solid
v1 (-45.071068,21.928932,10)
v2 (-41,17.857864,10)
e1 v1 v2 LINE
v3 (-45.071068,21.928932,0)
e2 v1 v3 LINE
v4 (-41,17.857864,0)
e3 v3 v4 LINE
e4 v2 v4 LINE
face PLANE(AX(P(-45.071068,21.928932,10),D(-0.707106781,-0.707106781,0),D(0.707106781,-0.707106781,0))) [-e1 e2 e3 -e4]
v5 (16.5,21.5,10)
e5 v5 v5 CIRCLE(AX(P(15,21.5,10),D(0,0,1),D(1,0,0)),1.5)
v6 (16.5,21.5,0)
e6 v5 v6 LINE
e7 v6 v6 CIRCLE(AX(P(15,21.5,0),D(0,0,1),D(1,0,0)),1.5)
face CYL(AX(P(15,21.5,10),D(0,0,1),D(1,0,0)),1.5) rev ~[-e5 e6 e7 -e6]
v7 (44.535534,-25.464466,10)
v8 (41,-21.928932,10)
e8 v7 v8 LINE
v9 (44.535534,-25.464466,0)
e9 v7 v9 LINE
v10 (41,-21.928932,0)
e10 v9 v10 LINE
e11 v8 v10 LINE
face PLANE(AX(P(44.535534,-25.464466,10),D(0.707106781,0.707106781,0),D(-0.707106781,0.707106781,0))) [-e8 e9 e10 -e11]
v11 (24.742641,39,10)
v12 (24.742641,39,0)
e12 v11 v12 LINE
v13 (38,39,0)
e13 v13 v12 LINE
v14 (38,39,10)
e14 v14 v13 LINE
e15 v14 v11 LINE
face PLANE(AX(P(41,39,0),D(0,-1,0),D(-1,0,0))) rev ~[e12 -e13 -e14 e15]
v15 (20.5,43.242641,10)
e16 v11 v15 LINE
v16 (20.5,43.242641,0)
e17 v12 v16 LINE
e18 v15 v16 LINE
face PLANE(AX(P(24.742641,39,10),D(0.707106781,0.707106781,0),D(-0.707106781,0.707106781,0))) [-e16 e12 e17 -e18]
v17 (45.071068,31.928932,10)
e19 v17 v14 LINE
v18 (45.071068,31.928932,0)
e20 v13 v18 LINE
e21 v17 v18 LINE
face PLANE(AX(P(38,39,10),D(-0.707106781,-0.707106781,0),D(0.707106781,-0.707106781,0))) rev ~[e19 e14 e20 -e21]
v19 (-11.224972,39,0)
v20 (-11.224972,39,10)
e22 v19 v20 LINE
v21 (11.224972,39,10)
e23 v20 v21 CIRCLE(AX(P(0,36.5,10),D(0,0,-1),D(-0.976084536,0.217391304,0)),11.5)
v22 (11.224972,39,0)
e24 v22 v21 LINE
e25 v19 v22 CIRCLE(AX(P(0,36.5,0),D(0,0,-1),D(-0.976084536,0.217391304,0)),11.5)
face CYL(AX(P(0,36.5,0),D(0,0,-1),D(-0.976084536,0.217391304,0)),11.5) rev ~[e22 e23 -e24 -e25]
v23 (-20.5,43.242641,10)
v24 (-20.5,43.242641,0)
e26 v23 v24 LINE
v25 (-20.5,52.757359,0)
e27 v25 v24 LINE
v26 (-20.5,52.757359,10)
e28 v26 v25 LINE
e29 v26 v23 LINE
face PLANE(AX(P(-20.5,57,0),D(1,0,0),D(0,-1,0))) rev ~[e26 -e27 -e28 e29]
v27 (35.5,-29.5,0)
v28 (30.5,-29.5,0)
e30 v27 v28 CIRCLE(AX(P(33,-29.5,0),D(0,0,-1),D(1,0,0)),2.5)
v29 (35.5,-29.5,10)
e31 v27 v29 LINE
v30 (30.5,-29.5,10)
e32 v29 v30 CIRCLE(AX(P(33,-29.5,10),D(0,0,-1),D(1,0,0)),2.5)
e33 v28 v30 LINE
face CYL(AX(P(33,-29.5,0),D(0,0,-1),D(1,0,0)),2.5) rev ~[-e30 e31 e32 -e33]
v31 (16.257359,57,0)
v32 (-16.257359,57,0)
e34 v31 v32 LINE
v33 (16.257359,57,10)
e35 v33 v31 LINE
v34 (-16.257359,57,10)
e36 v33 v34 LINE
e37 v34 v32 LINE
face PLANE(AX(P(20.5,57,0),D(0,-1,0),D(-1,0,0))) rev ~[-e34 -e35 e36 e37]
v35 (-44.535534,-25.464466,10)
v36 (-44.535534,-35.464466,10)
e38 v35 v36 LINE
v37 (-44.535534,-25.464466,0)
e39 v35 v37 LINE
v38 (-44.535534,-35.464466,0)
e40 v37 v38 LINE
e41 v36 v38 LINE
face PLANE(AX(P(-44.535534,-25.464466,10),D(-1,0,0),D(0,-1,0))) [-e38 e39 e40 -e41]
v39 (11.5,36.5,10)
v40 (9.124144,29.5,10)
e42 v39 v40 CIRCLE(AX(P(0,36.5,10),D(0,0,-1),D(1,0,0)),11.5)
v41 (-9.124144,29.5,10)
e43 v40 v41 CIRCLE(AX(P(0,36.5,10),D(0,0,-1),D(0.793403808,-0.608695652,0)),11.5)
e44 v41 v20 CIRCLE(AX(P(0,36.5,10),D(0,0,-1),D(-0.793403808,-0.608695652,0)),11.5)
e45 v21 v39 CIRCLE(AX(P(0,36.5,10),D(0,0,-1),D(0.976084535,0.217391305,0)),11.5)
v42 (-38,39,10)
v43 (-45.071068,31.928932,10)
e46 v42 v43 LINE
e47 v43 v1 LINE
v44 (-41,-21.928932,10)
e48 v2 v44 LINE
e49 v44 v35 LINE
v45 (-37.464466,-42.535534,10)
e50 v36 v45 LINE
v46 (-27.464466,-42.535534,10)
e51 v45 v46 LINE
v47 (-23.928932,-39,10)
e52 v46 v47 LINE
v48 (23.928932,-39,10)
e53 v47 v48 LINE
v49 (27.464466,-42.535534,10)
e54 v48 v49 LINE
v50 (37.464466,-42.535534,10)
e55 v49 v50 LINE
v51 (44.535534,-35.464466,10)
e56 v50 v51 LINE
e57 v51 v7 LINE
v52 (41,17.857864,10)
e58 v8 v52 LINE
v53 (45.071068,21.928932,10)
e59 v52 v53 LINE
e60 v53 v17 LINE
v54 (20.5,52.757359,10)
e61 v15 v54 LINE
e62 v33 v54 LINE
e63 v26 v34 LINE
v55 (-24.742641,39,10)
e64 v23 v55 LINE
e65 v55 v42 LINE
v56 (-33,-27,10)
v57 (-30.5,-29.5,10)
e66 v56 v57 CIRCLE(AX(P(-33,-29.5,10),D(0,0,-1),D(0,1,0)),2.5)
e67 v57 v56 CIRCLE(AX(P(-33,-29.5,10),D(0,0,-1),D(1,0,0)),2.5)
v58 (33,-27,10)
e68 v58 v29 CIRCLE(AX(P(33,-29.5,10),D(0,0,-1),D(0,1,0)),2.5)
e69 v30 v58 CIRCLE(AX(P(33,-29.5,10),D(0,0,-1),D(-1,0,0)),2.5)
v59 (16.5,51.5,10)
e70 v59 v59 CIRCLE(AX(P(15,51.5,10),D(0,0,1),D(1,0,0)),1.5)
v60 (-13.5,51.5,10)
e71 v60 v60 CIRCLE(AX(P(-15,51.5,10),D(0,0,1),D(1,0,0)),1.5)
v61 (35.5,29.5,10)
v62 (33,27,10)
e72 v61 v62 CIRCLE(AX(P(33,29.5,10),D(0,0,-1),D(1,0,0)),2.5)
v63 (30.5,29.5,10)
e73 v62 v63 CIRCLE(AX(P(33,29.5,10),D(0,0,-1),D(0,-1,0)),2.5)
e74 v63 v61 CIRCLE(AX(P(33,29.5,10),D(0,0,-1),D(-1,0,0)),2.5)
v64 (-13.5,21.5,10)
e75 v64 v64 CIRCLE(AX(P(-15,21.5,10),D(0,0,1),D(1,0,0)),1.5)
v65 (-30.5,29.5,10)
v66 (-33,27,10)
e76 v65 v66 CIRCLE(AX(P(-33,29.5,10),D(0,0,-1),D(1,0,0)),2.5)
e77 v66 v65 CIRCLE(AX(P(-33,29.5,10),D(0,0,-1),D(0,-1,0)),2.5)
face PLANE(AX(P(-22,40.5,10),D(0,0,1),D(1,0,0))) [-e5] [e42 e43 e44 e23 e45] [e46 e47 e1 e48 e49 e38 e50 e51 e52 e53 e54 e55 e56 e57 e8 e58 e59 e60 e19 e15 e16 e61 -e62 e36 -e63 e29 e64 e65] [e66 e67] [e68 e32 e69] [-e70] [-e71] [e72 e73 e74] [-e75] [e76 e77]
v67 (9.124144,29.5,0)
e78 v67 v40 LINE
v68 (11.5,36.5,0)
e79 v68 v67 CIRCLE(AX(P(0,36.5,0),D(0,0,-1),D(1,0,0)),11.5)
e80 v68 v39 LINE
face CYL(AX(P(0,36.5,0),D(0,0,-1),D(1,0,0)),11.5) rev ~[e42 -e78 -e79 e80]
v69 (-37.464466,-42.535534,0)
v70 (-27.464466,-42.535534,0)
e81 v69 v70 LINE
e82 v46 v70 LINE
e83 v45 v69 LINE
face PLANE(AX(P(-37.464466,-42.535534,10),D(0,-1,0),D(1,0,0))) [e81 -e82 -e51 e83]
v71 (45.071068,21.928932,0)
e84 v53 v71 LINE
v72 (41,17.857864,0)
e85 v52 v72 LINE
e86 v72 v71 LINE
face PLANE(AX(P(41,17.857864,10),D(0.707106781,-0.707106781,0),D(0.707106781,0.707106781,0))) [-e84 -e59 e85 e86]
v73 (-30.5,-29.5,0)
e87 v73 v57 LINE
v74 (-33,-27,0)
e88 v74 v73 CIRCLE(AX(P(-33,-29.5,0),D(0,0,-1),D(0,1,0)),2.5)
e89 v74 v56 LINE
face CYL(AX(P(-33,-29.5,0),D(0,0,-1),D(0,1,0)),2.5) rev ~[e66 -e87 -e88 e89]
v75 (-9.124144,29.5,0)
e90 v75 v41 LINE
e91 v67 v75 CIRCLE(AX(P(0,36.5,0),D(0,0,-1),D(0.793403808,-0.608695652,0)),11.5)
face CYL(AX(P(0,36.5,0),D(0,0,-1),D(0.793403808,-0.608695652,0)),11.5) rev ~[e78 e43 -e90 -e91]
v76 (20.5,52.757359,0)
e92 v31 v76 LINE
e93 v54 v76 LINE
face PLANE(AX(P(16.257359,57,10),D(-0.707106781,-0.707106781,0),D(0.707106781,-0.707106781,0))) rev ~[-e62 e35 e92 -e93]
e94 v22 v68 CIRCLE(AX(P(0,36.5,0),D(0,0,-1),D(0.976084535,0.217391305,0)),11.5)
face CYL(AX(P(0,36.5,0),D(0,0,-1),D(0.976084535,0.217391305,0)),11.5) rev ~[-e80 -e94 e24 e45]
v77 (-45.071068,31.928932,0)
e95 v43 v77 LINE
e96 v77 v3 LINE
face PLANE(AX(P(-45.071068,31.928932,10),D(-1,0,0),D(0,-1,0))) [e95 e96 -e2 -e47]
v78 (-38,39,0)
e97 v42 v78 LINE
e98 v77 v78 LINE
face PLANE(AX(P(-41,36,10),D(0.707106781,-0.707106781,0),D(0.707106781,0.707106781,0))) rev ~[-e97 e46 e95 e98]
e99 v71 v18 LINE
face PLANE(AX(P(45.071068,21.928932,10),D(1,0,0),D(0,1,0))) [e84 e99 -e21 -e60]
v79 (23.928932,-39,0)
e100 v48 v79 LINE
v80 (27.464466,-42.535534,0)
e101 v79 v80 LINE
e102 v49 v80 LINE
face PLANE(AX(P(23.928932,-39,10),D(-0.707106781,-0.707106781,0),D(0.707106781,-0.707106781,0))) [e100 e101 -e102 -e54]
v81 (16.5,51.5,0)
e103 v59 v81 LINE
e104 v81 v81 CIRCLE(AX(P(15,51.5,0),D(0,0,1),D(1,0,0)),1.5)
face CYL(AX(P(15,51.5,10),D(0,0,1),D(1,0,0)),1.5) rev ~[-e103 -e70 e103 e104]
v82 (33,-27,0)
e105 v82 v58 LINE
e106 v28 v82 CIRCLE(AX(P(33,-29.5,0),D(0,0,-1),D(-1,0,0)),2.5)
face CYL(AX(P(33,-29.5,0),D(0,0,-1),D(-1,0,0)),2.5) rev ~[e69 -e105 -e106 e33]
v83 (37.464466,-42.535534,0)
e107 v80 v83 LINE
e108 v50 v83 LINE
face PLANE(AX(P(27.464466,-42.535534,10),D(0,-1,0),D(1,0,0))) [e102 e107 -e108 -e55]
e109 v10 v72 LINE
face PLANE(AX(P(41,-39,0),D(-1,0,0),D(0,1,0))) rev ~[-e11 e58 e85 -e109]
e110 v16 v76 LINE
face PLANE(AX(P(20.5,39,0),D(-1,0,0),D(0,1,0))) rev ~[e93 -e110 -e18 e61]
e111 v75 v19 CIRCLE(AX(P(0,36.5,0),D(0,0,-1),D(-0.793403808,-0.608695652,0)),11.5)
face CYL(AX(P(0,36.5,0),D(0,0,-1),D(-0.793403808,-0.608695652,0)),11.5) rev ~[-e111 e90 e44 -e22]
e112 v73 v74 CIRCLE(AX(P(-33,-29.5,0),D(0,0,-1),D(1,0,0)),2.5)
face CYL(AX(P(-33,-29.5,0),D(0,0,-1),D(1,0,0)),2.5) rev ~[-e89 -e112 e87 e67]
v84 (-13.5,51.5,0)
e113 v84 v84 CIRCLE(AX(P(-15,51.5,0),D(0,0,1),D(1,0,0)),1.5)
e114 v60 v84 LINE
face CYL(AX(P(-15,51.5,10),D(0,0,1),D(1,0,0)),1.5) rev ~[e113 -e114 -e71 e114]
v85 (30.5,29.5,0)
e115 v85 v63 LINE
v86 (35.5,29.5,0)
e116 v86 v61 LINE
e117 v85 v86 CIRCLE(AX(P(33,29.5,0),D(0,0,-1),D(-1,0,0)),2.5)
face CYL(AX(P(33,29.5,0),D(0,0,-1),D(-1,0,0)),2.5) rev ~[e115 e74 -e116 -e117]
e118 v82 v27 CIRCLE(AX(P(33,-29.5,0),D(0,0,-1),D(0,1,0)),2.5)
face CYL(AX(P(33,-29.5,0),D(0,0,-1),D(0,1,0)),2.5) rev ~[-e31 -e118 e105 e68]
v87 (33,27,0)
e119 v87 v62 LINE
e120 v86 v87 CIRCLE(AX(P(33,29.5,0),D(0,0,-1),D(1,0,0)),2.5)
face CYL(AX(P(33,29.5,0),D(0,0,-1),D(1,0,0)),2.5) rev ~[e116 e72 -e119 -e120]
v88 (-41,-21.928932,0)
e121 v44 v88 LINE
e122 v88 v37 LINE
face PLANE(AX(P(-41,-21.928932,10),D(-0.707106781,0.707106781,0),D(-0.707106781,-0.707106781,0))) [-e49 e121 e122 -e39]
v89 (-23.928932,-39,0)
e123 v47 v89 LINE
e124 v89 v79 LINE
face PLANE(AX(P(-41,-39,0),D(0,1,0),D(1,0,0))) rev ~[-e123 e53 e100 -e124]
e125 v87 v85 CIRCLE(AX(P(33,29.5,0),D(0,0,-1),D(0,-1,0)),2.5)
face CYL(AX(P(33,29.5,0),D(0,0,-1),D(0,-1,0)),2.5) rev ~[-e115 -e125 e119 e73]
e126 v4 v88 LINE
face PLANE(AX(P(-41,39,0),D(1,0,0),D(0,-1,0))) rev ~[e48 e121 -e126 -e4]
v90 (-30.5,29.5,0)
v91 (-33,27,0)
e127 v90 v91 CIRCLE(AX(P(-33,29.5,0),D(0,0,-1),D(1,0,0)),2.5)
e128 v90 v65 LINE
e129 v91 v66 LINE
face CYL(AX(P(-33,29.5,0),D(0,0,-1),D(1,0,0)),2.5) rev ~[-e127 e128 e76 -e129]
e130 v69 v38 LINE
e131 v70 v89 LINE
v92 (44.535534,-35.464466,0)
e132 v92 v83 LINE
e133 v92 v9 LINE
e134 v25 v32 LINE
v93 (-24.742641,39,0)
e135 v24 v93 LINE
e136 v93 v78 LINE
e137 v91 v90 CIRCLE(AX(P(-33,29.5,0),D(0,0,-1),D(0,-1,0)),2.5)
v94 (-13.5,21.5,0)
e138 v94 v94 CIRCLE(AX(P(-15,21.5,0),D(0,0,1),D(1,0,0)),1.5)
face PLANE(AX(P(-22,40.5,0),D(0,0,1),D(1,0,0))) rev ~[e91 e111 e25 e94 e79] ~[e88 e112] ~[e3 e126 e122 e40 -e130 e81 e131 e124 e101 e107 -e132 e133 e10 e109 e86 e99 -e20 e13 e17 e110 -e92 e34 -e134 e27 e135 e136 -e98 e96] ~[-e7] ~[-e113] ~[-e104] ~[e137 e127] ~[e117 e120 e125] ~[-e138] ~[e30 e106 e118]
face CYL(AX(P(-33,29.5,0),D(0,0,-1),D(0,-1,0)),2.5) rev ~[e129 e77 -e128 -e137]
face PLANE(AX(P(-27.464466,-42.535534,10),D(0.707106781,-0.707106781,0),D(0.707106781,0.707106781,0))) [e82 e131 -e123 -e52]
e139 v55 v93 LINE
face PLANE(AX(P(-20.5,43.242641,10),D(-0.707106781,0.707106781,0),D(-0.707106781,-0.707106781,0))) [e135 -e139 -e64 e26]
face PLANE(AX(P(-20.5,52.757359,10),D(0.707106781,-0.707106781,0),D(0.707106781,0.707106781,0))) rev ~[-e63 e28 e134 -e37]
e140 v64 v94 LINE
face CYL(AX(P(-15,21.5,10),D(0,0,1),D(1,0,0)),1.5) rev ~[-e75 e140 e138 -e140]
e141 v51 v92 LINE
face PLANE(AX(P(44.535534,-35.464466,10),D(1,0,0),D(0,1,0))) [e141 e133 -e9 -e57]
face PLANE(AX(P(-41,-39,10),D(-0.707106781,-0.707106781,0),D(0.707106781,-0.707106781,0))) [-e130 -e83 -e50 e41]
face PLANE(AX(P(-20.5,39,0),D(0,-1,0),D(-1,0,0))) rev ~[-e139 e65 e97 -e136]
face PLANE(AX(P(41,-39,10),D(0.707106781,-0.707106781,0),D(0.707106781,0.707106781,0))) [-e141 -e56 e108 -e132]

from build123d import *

# Parameters (mm, degrees)
SALIENTE_EXTRUIR5_DEPTH = 10
CROQUIS5_R              = 1.5
CORTAR_EXTRUIR1_DEPTH   = 71.922492906
SALIENTE_EXTRUIR7_DEPTH = 10
CORTAR_EXTRUIR2_DEPTH   = 74.351217807


with BuildPart() as part:
    # Croquis1 → Saliente-Extruir5 (new body)
    with BuildSketch(Plane.XY):
        with BuildLine():
            Line((-20.5, 29.5), (-30.5, 29.5))
            ThreePointArc((-30.5, 29.5), (-31.232233047, 27.732233047), (-33, 27))
            Line((-33, 27), (-33, -27))
            ThreePointArc((-33, -27), (-31.232233047, -27.732233047), (-30.5, -29.5))
            Line((-30.5, -29.5), (30.5, -29.5))
            ThreePointArc((30.5, -29.5), (31.232233047, -27.732233047), (33, -27))
            Line((33, -27), (33, 27))
            ThreePointArc((33, 27), (31.232233047, 27.732233047), (30.5, 29.5))
            Line((30.5, 29.5), (20.5, 29.5))
            Line((20.5, 29.5), (20.5, 16))
            Line((20.5, 16), (-20.5, 16))
            Line((-20.5, 16), (-20.5, 29.5))
        make_face()
        with BuildLine():
            Line((-9.124143795, 29.5), (-20.5, 29.5))
            Line((-20.5, 29.5), (-20.5, 16))
            Line((-20.5, 16), (20.5, 16))
            Line((20.5, 16), (20.5, 29.5))
            Line((20.5, 29.5), (9.124143795, 29.5))
            ThreePointArc((9.124143795, 29.5), (0, 25), (-9.124143795, 29.5))
        make_face()
        with BuildLine():
            ThreePointArc((-33, 27), (-34.767766953, 31.267766953), (-30.5, 29.5))
            Line((-30.5, 29.5), (-20.5, 29.5))
            Line((-20.5, 29.5), (-20.5, 39))
            Line((-20.5, 39), (-41, 39))
            Line((-41, 39), (-41, -39))
            Line((-41, -39), (41, -39))
            Line((41, -39), (41, 39))
            Line((41, 39), (20.5, 39))
            Line((20.5, 39), (20.5, 29.5))
            Line((20.5, 29.5), (30.5, 29.5))
            ThreePointArc((30.5, 29.5), (33, 32), (35.5, 29.5))
            ThreePointArc((35.5, 29.5), (34.767766953, 27.732233047), (33, 27))
            Line((33, 27), (33, -27))
            ThreePointArc((33, -27), (34.767766953, -27.732233047), (35.5, -29.5))
            ThreePointArc((35.5, -29.5), (33, -32), (30.5, -29.5))
            Line((30.5, -29.5), (-30.5, -29.5))
            ThreePointArc((-30.5, -29.5), (-34.767766953, -31.267766953), (-33, -27))
            Line((-33, -27), (-33, 27))
        make_face()
        with BuildLine():
            Line((-20.5, 57), (-20.5, 39))
            Line((-20.5, 39), (-11.22497216, 39))
            ThreePointArc((-11.22497216, 39), (0, 48), (11.22497216, 39))
            Line((11.22497216, 39), (20.5, 39))
            Line((20.5, 39), (20.5, 57))
            Line((20.5, 57), (-20.5, 57))
        make_face()
        with BuildLine():
            Line((-20.5, 39), (-20.5, 29.5))
            Line((-20.5, 29.5), (-9.124143795, 29.5))
            ThreePointArc((-9.124143795, 29.5), (-11.228718985, 34.016883016), (-11.22497216, 39))
            Line((-11.22497216, 39), (-20.5, 39))
        make_face()
        with BuildLine():
            ThreePointArc((11.5, 36.5), (10.889849715, 32.80389757), (9.124143795, 29.5))
            Line((9.124143795, 29.5), (20.5, 29.5))
            Line((20.5, 29.5), (20.5, 39))
            Line((20.5, 39), (11.22497216, 39))
            ThreePointArc((11.22497216, 39), (11.431036258, 37.757541283), (11.5, 36.5))
        make_face()
    extrude(amount=SALIENTE_EXTRUIR5_DEPTH)

    # Croquis5 → Cortar-Extruir1 (cut, through all)
    with BuildSketch(Plane.XY.offset(10)):
        with Locations((-15, 21.5)):
            Circle(CROQUIS5_R)
        with Locations((15, 21.5)):
            Circle(CROQUIS5_R)
        with Locations((15, 51.5)):
            Circle(CROQUIS5_R)
        with Locations((-15, 51.5)):
            Circle(CROQUIS5_R)
    extrude(amount=-CORTAR_EXTRUIR1_DEPTH, mode=Mode.SUBTRACT)

    # Croquis6 → Saliente-Extruir7 (add, through all)
    with BuildSketch(Plane.XY.offset(10)):
        Polygon((-41, 17.857864376), (-41, 36), (-45.071067812, 31.928932188), (-45.071067812, 21.928932188), align=None)
        Polygon((-20.5, 43.242640687), (-24.742640687, 39), (-20.5, 39), align=None)
        Polygon((20.5, 43.242640687), (20.5, 39), (24.742640687, 39), align=None)
        Polygon((45.071067812, 31.928932188), (41, 36), (41, 17.857864376), (45.071067812, 21.928932188), align=None)
        Polygon((41, -21.928932188), (41, -39), (44.535533906, -35.464466094), (44.535533906, -25.464466094), align=None)
        Polygon((41, -39), (23.928932188, -39), (27.464466094, -42.535533906), (37.464466094, -42.535533906), align=None)
        Polygon((-41, -39), (-41, -21.928932188), (-44.535533906, -25.464466094), (-44.535533906, -35.464466094), align=None)
        Polygon((-23.928932188, -39), (-41, -39), (-37.464466094, -42.535533906), (-27.464466094, -42.535533906), align=None)
    extrude(amount=-SALIENTE_EXTRUIR7_DEPTH)

    # Croquis7 → Cortar-Extruir2 (cut, through all)
    with BuildSketch(Plane.XY.offset(10)):
        Polygon((-20.5, 52.757359313), (-16.257359313, 57), (-20.5, 57), align=None)
        Polygon((20.5, 57), (16.257359313, 57), (20.5, 52.757359313), align=None)
        Polygon((-41, 39), (-41, 36), (-38, 39), align=None)
        Polygon((38, 39), (41, 36), (41, 39), align=None)
    extrude(amount=-CORTAR_EXTRUIR2_DEPTH, mode=Mode.SUBTRACT)


solid = part.part
